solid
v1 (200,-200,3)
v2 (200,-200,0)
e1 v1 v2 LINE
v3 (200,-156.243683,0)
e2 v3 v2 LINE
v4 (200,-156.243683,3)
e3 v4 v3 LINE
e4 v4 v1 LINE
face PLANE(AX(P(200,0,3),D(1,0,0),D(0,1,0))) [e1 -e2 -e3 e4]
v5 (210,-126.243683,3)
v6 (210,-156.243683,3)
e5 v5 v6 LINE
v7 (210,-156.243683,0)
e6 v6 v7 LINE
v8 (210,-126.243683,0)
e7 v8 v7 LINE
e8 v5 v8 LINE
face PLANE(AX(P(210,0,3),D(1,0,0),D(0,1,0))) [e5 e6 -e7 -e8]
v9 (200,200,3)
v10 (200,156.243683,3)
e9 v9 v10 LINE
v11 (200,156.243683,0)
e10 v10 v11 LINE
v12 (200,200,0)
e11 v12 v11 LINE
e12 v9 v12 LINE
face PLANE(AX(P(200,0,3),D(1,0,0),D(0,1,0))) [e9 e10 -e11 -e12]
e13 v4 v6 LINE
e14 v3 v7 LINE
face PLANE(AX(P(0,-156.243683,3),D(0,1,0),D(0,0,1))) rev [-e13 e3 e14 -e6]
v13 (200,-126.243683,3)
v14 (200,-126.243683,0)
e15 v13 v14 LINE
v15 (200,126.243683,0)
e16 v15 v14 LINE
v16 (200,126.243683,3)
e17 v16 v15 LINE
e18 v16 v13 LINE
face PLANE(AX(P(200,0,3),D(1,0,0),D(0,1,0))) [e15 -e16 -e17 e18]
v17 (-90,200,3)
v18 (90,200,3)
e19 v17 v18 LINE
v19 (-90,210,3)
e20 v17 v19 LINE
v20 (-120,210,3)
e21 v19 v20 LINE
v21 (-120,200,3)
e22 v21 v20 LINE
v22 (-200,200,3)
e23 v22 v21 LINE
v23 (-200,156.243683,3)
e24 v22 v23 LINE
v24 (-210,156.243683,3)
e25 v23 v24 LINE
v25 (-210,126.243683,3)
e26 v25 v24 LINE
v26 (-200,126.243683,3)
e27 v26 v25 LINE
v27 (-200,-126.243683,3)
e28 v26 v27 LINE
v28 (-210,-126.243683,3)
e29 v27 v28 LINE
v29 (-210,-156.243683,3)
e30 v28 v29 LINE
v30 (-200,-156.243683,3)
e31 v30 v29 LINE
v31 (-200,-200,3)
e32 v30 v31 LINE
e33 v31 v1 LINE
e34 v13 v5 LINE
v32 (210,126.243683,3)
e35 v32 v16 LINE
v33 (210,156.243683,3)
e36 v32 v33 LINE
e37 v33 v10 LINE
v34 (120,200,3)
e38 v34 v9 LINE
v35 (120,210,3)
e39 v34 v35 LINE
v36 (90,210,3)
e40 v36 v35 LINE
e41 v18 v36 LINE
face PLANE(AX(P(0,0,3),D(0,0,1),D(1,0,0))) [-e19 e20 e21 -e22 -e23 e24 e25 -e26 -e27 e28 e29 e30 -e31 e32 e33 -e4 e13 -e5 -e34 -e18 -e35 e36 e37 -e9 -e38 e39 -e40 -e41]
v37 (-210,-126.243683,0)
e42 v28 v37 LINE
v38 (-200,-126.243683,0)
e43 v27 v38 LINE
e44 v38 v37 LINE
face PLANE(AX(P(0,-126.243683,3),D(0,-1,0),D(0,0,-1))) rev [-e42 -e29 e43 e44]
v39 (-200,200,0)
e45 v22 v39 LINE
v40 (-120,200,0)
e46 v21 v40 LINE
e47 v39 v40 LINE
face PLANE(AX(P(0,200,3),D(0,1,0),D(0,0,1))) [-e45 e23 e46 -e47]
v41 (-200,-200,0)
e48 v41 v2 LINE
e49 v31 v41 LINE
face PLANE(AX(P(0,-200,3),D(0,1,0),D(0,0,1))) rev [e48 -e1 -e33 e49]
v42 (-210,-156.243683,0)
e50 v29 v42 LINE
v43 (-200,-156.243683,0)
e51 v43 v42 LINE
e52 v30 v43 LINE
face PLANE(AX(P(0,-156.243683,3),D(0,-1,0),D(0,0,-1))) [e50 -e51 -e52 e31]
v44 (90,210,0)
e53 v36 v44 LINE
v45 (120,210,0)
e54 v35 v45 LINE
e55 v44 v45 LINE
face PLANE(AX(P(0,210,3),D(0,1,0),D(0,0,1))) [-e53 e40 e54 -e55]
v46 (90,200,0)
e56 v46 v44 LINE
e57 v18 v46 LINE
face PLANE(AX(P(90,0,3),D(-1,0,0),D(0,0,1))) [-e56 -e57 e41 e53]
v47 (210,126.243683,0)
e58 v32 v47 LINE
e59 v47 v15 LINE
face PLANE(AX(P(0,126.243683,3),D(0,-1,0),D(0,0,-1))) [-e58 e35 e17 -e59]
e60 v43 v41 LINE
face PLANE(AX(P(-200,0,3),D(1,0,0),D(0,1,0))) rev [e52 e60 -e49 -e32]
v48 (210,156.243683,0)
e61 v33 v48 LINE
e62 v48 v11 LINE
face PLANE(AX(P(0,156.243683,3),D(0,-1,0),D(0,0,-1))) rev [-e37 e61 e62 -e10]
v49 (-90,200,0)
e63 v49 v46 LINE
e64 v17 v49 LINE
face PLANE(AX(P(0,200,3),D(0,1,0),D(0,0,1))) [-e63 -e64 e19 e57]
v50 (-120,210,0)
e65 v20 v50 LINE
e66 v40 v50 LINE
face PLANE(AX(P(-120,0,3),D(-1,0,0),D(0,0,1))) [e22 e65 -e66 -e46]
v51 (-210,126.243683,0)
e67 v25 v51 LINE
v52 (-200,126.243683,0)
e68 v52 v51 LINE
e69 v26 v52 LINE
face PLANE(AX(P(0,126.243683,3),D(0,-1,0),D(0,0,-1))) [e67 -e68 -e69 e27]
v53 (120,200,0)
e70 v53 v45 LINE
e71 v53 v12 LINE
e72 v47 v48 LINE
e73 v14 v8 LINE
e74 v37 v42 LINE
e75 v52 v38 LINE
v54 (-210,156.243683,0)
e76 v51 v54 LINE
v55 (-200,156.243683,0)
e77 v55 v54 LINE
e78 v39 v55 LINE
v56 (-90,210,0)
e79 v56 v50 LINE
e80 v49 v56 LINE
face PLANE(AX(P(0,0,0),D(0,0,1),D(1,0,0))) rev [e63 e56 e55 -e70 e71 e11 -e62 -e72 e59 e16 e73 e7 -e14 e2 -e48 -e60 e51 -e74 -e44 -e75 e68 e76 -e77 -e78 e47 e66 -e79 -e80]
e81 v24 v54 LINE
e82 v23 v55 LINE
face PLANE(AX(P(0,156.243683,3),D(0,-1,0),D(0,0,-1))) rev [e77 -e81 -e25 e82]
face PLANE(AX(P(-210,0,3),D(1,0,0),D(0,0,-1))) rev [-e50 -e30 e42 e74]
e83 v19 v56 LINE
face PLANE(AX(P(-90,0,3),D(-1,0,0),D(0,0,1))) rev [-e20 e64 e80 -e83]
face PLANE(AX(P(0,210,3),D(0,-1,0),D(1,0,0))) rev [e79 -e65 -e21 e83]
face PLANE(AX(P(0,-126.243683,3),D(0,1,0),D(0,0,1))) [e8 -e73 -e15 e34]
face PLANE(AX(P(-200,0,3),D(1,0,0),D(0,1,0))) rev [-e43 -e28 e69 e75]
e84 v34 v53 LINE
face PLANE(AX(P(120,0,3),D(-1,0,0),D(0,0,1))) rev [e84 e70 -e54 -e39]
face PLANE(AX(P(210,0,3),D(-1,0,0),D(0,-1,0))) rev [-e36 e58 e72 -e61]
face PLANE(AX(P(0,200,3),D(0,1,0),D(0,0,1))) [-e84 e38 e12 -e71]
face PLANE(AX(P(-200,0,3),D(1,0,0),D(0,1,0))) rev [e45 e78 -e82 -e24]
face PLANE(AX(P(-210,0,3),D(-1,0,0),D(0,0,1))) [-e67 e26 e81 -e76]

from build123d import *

# Parameters (mm, degrees)
CROQUIS1_W              = 400
CROQUIS1_H              = 400
CROQUIS1_W_2            = 10
CROQUIS1_H_2            = 30
CROQUIS1_W_3            = 30
CROQUIS1_H_3            = 10
SALIENTE_EXTRUIR1_DEPTH = 3


with BuildPart() as part:
    # Croquis1 → Saliente-Extruir1 (new body)
    with BuildSketch(Plane.XY):
        Rectangle(CROQUIS1_W, CROQUIS1_H)
        with Locations((205, 141.243683163)):
            Rectangle(CROQUIS1_W_2, CROQUIS1_H_2)
        with Locations((205, -141.243683163)):
            Rectangle(CROQUIS1_W_2, CROQUIS1_H_2)
        with Locations((-205, -141.243683163)):
            Rectangle(CROQUIS1_W_2, CROQUIS1_H_2)
        with Locations((-205, 141.243683163)):
            Rectangle(CROQUIS1_W_2, CROQUIS1_H_2)
        with Locations((-105, 205)):
            Rectangle(CROQUIS1_W_3, CROQUIS1_H_3)
        with Locations((105, 205)):
            Rectangle(CROQUIS1_W_3, CROQUIS1_H_3)
    extrude(amount=SALIENTE_EXTRUIR1_DEPTH)


solid = part.part
